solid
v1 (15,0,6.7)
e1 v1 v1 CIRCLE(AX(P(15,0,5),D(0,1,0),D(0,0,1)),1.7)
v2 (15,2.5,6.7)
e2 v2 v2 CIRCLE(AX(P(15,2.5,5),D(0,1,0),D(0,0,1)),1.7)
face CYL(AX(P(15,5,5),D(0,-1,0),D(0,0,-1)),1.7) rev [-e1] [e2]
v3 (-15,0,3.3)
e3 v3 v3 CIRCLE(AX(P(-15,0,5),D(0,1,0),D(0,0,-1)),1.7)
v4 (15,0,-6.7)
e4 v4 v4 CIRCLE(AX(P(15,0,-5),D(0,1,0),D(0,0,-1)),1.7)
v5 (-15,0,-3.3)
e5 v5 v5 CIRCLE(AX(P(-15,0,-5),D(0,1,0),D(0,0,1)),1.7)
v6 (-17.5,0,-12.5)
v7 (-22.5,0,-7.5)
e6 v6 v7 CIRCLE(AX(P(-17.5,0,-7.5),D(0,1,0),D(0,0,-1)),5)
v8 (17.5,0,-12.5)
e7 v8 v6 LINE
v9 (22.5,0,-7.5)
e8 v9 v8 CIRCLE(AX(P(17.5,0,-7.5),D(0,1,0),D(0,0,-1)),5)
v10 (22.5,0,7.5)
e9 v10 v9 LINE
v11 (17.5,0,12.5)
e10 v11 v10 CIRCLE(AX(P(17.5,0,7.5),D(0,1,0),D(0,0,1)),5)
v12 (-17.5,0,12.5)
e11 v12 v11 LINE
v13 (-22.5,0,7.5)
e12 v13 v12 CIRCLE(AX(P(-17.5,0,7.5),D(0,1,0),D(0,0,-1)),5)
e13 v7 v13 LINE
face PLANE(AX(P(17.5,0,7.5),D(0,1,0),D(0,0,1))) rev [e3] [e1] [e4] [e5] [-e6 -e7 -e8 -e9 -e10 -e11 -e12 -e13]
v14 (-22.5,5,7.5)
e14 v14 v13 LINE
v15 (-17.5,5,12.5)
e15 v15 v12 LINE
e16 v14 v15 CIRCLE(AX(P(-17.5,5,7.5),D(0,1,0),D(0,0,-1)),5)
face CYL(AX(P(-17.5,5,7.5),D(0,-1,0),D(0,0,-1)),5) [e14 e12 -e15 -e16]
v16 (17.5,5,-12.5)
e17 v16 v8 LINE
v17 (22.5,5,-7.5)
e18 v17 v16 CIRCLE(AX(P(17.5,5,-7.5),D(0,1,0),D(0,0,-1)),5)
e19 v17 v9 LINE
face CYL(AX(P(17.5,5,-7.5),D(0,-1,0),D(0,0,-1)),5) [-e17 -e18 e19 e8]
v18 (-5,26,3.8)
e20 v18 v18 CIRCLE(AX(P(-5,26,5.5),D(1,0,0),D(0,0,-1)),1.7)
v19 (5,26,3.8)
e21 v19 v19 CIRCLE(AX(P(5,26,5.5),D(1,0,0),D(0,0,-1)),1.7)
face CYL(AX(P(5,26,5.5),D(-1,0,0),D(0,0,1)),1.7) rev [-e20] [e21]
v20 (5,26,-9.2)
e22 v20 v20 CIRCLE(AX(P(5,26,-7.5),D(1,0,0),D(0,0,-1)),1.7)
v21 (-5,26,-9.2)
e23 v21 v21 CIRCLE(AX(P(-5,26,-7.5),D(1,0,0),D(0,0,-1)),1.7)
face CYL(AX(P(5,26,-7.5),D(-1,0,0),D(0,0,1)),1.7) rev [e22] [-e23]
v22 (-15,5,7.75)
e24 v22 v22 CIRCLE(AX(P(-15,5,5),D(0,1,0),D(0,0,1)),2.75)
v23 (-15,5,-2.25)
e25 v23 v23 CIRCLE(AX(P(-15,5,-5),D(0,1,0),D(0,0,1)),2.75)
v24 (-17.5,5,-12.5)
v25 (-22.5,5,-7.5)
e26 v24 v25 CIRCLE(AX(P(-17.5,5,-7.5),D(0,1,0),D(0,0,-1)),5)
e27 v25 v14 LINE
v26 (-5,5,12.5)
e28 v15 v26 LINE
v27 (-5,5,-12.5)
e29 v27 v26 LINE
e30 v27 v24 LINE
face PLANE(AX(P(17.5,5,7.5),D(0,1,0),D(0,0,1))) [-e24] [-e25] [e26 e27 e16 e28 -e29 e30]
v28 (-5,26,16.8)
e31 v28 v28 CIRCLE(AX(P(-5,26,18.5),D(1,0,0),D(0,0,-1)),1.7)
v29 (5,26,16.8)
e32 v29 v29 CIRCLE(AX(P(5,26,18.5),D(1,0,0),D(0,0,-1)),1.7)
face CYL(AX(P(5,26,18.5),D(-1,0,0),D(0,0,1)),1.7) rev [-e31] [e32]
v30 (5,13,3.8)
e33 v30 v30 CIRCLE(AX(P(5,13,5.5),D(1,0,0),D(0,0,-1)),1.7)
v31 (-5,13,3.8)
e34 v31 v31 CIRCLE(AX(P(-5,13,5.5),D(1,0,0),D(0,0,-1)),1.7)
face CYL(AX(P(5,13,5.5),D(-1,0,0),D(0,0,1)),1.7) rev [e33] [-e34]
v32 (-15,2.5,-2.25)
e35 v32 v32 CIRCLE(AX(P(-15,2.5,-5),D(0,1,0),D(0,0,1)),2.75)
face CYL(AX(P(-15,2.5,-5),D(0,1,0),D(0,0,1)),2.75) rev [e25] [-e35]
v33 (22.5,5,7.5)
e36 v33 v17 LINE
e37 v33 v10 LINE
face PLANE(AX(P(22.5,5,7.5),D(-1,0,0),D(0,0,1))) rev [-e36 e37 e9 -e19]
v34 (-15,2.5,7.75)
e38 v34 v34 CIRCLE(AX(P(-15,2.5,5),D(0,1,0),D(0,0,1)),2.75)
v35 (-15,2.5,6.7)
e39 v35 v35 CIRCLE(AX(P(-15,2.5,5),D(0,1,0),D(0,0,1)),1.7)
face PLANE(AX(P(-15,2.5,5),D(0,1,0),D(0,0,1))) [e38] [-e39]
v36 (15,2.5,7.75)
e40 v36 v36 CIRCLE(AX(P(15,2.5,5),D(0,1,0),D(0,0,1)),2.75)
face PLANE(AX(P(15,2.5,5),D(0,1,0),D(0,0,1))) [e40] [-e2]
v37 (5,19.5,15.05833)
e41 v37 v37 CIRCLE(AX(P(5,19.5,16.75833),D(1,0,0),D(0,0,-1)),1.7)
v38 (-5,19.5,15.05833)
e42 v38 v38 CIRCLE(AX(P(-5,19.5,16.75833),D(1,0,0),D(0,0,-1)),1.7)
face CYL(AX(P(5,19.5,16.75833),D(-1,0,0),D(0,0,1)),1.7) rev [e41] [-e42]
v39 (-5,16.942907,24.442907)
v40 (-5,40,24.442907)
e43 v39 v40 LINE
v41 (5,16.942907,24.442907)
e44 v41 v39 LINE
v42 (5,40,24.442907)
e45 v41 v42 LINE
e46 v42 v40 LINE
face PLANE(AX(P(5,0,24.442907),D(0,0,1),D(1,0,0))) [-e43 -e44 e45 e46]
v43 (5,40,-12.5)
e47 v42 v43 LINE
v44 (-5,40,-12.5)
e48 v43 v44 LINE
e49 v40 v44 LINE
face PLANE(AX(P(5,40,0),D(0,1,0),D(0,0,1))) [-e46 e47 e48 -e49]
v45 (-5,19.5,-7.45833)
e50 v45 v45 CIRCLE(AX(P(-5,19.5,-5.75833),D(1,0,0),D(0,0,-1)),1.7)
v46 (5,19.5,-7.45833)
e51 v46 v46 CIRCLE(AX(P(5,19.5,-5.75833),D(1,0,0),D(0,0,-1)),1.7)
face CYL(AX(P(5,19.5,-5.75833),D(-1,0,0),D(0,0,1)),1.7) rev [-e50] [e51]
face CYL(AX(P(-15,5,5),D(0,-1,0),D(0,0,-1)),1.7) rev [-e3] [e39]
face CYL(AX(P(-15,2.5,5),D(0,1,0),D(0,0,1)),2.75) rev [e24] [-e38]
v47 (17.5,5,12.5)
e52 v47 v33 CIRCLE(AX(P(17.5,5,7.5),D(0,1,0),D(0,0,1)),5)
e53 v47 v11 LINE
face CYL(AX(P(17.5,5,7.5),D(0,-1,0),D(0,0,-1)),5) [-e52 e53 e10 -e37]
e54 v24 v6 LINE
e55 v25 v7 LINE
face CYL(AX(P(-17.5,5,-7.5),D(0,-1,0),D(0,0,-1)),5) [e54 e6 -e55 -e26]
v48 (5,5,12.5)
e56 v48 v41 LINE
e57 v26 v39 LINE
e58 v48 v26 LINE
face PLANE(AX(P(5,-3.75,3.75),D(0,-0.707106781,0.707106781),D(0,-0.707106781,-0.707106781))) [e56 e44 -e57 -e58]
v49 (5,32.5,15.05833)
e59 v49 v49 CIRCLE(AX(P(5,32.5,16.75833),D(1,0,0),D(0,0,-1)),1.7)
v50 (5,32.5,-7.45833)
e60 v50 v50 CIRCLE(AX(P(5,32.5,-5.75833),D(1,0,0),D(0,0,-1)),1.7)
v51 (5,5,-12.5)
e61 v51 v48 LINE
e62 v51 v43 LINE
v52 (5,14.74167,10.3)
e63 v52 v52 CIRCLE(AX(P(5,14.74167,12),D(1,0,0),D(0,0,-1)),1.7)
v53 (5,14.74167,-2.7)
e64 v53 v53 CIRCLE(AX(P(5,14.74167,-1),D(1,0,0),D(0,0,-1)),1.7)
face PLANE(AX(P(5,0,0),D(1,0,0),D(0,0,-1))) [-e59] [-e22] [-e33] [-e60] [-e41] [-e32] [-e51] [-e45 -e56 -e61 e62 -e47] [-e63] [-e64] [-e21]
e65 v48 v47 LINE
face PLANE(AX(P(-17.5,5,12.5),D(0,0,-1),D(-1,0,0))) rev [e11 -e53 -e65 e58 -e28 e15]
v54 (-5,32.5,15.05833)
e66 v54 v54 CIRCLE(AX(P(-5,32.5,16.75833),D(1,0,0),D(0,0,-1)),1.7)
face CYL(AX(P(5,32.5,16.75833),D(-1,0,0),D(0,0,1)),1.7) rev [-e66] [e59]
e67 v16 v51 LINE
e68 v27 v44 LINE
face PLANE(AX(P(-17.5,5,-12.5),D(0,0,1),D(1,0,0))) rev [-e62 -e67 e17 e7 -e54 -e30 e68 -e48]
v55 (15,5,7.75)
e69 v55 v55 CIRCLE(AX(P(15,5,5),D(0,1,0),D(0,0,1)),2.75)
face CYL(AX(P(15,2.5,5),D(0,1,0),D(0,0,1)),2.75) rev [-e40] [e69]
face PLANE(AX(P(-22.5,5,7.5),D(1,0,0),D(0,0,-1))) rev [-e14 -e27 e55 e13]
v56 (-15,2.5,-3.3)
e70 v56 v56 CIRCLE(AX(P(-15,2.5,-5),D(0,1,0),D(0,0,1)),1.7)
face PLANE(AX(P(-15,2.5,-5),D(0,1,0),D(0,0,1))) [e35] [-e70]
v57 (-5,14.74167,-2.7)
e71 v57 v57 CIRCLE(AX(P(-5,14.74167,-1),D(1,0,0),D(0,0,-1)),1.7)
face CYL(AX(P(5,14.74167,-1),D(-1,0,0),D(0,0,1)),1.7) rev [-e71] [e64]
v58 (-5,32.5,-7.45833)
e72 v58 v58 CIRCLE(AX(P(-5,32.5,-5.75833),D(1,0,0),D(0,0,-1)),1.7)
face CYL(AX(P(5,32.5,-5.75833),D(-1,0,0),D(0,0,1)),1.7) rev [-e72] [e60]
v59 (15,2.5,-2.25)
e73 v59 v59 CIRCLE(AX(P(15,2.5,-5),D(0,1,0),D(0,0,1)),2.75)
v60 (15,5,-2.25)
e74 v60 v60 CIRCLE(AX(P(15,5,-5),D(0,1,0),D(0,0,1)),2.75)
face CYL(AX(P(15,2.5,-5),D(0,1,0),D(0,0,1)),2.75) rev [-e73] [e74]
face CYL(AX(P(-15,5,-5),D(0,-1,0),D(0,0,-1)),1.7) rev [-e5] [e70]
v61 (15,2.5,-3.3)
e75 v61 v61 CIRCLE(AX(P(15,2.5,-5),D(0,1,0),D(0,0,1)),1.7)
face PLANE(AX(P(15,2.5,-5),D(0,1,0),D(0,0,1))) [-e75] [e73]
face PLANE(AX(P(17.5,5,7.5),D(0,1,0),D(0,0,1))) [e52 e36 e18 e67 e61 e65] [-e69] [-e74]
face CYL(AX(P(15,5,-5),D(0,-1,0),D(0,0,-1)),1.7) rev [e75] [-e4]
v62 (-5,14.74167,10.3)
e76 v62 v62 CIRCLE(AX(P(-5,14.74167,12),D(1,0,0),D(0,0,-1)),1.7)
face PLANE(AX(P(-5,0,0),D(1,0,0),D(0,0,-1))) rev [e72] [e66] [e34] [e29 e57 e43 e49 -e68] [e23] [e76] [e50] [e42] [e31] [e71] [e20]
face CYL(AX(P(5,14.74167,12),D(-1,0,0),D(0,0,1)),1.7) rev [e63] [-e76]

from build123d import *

# Parameters (mm, degrees)
SKETCH3_R           = 1.7
BOSS_EXTRUDE2_DEPTH = 5
SKETCH8_R           = 1.7
BOSS_EXTRUDE4_DEPTH = 5
SKETCH10_R          = 2.75
CUT_EXTRUDE1_DEPTH  = 2.5


with BuildPart() as part:
    # Sketch3 → Boss-Extrude2 (new body)
    with BuildSketch(Plane(origin=(0, 0, 0), x_dir=(1, 0, 0), z_dir=(0, 1, 0))):
        with BuildLine():
            Line((-17.5, -12.5), (17.5, -12.5))
            ThreePointArc((17.5, -12.5), (21.035533906, -11.035533906), (22.5, -7.5))
            Line((22.5, -7.5), (22.5, 7.5))
            ThreePointArc((22.5, 7.5), (21.035533906, 11.035533906), (17.5, 12.5))
            Line((17.5, 12.5), (-17.5, 12.5))
            ThreePointArc((-17.5, 12.5), (-21.035533906, 11.035533906), (-22.5, 7.5))
            Line((-22.5, 7.5), (-22.5, -7.5))
            ThreePointArc((-22.5, -7.5), (-21.035533906, -11.035533906), (-17.5, -12.5))
        make_face()
        with Locations(Location((-15, 5, 0), (0, 0, 270))):
            Circle(SKETCH3_R, mode=Mode.SUBTRACT)
        with Locations(Location((15, 5, 0), (0, 0, 90))):
            Circle(SKETCH3_R, mode=Mode.SUBTRACT)
        with Locations(Location((15, -5, 0), (0, 0, 270))):
            Circle(SKETCH3_R, mode=Mode.SUBTRACT)
        with Locations(Location((-15, -5, 0), (0, 0, 90))):
            Circle(SKETCH3_R, mode=Mode.SUBTRACT)
    extrude(amount=BOSS_EXTRUDE2_DEPTH)

    # Sketch8 → Boss-Extrude4 (add, symmetric)
    with BuildSketch(Plane(origin=(0, 0, 0), x_dir=(0, 0, -1), z_dir=(1, 0, 0))):
        Polygon((-12.5, 5), (12.5, 5), (12.5, 40), (-24.442906699, 40), (-24.442906699, 16.942906699), align=None)
        with Locations((-16.758330249, 19.5)):
            Circle(SKETCH8_R, mode=Mode.SUBTRACT)
        with Locations((-12, 14.741669751)):
            Circle(SKETCH8_R, mode=Mode.SUBTRACT)
        with Locations((-5.5, 13)):
            Circle(SKETCH8_R, mode=Mode.SUBTRACT)
        with Locations((1, 14.741669751)):
            Circle(SKETCH8_R, mode=Mode.SUBTRACT)
        with Locations((5.758330249, 19.5)):
            Circle(SKETCH8_R, mode=Mode.SUBTRACT)
        with Locations((-18.5, 26)):
            Circle(SKETCH8_R, mode=Mode.SUBTRACT)
        with Locations((-16.758330249, 32.5)):
            Circle(SKETCH8_R, mode=Mode.SUBTRACT)
        with Locations((-5.5, 26)):
            Circle(SKETCH8_R, mode=Mode.SUBTRACT)
        with Locations((7.5, 26)):
            Circle(SKETCH8_R, mode=Mode.SUBTRACT)
        with Locations((5.758330249, 32.5)):
            Circle(SKETCH8_R, mode=Mode.SUBTRACT)
    extrude(amount=BOSS_EXTRUDE4_DEPTH, both=True)

    # Sketch10 → Cut-Extrude1 (cut)
    with BuildSketch(Plane(origin=(0, 5, 0), x_dir=(1, 0, 0), z_dir=(0, 1, 0))):
        with Locations(Location((15, -5, 0), (0, 0, 270))):
            Circle(SKETCH10_R)
        with Locations(Location((-15, -5, 0), (0, 0, 270))):
            Circle(SKETCH10_R)
        with Locations(Location((-15, 5, 0), (0, 0, 270))):
            Circle(SKETCH10_R)
        with Locations(Location((15, 5, 0), (0, 0, 270))):
            Circle(SKETCH10_R)
    extrude(amount=-CUT_EXTRUDE1_DEPTH, mode=Mode.SUBTRACT)


solid = part.part
